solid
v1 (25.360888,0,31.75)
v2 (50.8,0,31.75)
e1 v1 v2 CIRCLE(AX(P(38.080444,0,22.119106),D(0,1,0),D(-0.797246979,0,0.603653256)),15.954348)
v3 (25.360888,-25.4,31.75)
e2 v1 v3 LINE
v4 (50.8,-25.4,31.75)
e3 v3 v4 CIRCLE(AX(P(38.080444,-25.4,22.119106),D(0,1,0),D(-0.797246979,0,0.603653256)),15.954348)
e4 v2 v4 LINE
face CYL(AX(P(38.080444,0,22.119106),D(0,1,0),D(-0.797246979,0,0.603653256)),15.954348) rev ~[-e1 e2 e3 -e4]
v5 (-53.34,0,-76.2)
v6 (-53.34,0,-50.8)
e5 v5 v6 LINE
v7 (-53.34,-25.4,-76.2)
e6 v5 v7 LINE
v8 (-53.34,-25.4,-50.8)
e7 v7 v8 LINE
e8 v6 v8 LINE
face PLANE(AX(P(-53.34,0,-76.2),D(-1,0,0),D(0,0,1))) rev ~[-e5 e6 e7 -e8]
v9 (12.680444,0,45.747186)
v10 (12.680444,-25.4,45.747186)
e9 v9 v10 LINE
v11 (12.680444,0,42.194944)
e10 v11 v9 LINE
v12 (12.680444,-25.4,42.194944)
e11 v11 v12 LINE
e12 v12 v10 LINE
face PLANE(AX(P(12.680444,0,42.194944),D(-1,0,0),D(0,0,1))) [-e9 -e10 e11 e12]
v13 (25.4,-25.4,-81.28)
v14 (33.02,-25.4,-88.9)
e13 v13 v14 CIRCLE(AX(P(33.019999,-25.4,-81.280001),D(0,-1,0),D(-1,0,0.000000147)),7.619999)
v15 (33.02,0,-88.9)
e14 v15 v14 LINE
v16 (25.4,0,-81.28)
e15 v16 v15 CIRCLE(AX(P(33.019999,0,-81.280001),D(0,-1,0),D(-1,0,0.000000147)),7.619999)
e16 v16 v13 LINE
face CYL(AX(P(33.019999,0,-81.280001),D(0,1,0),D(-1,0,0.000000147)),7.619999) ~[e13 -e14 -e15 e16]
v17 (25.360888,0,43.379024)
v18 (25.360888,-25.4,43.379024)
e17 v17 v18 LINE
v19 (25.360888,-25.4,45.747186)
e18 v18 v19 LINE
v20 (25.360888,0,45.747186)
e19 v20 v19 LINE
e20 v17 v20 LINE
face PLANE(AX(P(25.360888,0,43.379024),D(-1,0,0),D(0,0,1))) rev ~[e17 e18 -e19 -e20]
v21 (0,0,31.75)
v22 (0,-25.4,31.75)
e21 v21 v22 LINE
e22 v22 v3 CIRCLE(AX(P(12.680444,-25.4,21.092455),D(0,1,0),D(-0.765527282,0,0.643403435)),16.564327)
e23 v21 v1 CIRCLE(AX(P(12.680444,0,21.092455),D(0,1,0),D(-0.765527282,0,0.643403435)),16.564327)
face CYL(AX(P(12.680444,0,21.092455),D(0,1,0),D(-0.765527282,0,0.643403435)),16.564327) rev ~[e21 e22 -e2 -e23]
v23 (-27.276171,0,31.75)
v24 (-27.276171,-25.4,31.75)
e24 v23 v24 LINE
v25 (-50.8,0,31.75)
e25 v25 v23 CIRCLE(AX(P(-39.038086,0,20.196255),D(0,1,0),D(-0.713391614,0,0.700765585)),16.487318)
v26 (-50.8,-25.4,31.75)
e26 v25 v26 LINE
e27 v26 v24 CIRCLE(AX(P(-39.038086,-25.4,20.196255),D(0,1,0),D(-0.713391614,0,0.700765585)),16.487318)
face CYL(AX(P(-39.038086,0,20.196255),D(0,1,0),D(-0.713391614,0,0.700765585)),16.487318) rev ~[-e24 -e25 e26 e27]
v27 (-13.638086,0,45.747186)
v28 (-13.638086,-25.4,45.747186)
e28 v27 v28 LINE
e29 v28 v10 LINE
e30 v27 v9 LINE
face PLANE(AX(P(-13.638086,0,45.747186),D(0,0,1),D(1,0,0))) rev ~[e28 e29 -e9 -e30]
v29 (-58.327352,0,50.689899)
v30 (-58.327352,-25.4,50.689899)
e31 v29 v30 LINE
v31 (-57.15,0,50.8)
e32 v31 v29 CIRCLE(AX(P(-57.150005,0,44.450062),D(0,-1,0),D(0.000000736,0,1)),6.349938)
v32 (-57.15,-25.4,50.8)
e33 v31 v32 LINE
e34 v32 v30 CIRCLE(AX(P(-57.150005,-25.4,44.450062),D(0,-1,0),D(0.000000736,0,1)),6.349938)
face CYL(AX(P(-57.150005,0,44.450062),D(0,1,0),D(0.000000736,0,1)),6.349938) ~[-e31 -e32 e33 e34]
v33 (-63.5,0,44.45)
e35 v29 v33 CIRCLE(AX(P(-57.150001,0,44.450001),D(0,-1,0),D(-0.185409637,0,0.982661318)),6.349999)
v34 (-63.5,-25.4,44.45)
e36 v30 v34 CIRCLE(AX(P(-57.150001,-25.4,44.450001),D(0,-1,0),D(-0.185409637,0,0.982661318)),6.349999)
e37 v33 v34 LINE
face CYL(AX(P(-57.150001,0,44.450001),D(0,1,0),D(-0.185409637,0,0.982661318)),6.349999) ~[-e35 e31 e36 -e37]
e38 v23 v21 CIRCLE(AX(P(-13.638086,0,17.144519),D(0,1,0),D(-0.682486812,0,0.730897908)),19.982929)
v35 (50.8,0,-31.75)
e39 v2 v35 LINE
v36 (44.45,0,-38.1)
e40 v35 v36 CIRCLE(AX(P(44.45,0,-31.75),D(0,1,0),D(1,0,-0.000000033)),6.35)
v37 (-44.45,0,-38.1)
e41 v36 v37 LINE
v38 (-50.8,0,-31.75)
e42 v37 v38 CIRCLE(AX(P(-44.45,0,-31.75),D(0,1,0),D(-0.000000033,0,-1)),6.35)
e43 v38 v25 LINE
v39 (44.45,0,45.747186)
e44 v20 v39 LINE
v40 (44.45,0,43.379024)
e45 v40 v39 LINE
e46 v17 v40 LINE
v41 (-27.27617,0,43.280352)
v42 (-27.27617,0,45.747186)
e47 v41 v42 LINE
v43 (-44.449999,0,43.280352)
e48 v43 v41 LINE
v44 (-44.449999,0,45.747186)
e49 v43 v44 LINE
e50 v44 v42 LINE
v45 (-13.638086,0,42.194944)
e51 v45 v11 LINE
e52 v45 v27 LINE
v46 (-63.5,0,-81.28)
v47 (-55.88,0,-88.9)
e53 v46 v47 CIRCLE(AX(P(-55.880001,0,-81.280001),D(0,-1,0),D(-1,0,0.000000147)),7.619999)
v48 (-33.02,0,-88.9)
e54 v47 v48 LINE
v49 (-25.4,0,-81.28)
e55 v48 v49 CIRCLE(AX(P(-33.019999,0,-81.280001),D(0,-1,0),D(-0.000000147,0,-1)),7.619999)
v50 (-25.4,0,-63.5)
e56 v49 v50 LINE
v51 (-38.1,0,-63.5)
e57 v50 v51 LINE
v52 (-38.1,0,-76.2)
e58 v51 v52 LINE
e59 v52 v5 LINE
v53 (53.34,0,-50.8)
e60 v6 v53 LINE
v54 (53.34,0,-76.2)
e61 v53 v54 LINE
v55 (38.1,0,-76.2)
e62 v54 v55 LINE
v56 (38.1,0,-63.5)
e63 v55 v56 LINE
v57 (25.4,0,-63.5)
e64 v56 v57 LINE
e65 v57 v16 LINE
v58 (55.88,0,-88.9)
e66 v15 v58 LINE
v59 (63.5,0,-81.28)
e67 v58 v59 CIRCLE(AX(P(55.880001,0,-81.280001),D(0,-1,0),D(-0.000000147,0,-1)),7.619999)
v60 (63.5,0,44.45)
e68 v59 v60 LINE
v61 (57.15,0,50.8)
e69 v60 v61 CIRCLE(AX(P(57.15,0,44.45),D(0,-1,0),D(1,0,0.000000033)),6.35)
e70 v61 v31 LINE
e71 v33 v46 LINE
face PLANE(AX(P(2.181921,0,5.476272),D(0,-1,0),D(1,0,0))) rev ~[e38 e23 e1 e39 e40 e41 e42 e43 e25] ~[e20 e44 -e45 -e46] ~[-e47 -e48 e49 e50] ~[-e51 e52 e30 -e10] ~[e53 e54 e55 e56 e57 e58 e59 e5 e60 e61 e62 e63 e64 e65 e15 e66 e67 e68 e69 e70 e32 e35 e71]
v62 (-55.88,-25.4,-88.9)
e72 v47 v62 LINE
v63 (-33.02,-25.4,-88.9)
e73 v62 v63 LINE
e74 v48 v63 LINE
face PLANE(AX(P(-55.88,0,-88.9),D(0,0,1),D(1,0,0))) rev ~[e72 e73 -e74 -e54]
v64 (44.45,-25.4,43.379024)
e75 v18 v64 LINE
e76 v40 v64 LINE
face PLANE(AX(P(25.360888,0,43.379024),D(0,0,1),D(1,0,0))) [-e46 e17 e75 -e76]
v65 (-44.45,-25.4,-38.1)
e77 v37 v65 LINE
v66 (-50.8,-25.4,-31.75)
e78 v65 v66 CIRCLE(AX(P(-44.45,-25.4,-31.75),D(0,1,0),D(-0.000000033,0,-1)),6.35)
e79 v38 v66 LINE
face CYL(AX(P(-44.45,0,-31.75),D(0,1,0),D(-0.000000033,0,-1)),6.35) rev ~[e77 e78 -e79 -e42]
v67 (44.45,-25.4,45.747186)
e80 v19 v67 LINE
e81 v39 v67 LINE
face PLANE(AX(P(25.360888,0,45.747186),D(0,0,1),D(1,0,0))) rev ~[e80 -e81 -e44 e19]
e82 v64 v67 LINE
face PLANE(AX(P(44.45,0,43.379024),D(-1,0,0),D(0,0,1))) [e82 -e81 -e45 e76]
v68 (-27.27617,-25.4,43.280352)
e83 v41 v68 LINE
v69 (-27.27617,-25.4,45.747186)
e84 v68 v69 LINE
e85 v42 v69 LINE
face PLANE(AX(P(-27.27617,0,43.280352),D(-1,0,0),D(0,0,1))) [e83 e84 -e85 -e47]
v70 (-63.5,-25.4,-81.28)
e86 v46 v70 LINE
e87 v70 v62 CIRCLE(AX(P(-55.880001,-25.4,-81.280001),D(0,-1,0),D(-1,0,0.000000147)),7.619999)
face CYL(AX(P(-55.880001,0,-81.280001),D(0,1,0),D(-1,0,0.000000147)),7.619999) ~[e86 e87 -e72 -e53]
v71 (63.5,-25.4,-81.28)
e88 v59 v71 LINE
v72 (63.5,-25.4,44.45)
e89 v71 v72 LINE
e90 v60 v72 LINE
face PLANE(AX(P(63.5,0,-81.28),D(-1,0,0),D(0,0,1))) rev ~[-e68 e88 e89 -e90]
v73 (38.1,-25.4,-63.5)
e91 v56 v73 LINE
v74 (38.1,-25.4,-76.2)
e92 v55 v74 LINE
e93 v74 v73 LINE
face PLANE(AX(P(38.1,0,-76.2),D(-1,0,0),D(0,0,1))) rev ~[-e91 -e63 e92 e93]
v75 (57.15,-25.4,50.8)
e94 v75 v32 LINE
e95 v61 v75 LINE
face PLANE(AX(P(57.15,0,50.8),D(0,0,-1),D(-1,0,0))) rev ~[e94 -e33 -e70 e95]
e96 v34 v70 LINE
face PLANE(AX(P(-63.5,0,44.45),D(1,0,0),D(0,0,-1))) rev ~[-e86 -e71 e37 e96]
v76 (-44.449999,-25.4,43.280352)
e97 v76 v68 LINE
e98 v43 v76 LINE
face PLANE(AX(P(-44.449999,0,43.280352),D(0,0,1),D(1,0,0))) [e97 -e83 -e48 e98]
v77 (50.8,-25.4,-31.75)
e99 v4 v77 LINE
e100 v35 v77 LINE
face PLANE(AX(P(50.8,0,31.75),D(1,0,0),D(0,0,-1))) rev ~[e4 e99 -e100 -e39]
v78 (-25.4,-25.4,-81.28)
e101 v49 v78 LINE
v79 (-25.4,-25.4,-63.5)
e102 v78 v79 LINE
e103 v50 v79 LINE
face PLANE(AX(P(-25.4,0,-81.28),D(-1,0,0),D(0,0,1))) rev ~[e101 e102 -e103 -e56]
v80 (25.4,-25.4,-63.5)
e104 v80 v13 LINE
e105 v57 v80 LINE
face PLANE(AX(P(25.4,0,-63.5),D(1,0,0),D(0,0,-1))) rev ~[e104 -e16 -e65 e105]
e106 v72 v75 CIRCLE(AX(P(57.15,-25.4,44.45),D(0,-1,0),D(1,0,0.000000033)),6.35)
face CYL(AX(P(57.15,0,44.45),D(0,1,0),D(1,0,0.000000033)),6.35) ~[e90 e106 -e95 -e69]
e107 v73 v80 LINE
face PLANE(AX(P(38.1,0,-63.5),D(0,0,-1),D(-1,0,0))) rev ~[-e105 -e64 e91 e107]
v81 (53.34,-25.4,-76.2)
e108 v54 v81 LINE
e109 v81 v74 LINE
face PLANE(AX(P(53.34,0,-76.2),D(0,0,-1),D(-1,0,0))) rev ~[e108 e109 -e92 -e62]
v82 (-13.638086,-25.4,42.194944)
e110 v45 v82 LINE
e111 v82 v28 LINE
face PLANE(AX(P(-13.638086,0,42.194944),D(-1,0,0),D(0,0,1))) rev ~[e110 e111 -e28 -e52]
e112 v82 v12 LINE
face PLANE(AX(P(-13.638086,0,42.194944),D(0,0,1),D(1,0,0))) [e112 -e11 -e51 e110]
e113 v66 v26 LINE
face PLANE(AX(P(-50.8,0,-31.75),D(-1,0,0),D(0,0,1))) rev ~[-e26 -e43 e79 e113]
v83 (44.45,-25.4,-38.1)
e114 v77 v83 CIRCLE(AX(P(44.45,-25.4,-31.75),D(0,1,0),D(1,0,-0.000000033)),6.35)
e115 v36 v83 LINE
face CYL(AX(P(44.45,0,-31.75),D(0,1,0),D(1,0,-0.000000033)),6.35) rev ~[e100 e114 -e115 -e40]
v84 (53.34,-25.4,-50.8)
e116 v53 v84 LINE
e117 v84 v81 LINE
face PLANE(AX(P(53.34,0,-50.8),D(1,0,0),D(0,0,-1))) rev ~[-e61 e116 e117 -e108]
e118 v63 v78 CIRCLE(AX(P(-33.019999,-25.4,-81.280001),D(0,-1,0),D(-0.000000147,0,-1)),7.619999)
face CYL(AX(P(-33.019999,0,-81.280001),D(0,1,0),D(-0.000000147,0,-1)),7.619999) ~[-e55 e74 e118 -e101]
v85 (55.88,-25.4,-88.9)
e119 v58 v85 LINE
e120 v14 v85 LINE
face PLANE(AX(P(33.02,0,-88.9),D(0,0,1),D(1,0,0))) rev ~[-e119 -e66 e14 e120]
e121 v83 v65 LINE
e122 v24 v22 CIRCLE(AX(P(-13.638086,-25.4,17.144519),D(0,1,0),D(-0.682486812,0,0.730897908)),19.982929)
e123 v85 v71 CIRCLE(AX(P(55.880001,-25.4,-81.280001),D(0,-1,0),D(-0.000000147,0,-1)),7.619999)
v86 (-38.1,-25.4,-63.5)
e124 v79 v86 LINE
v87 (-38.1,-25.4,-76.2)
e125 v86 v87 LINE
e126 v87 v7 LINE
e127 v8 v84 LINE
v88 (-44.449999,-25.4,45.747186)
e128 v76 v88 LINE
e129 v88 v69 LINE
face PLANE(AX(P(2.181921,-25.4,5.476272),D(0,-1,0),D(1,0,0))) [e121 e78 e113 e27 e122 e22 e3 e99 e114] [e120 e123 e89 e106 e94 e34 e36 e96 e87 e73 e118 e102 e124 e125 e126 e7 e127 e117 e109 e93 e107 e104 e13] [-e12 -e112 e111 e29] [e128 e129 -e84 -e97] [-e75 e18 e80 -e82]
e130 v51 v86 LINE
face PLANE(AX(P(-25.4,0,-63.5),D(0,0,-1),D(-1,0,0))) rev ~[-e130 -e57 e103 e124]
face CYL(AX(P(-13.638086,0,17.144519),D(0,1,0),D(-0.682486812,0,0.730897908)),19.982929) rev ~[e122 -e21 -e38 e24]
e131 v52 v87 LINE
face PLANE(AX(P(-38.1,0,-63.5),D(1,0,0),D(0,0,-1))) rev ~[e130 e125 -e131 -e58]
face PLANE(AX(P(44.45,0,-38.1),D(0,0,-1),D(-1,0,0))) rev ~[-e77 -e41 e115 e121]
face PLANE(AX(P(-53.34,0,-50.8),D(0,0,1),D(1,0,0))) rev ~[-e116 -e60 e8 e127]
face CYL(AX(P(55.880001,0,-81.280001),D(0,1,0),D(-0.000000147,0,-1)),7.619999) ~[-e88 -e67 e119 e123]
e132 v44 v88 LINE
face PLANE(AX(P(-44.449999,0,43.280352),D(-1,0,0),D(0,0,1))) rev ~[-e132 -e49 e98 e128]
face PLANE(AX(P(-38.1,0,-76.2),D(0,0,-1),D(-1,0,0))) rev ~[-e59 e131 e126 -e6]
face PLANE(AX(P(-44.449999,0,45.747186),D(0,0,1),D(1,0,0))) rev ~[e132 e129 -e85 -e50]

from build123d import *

# Parameters (mm, degrees)
F0_W     = 17.173829
F0_H     = 2.466835
F0_W_2   = 26.31853
F0_H_2   = 3.552243
F0_W_3   = 19.089112
F0_H_3   = 2.368163
F1_DEPTH = 25.4


with BuildPart() as f1:
    # F0 (on Front) → F1 (new body)
    with BuildSketch(Plane.XZ):
        with BuildLine():
            ThreePointArc((63.5, 44.45), (61.640128, 48.940128), (57.15, 50.8))
            Line((57.15, 50.8), (-57.15, 50.8))
            ThreePointArc((-57.15, 50.8), (-57.741245, 50.772415), (-58.327352, 50.689899))
            Line((-58.327352, 50.689899), (-58.327352, -39.201133))
            Line((-58.327352, -39.201133), (63.5, -39.201133))
            Line((63.5, -39.201133), (63.5, 44.45))
        make_face()
        with Locations((-35.863085, 44.513769)):
            Rectangle(F0_W, F0_H, mode=Mode.SUBTRACT)
        with Locations((-0.478821, 43.971065)):
            Rectangle(F0_W_2, F0_H_2, mode=Mode.SUBTRACT)
        with BuildLine():
            Line((-44.45, 38.1), (44.45, 38.1))
            ThreePointArc((44.45, 38.1), (48.940128, 36.240128), (50.8, 31.75))
            Line((50.8, 31.75), (50.8, -31.75))
            ThreePointArc((50.8, -31.75), (48.940128, -36.240128), (44.45, -38.1))
            Line((44.45, -38.1), (-44.45, -38.1))
            ThreePointArc((-44.45, -38.1), (-48.940128, -36.240128), (-50.8, -31.75))
            Line((-50.8, -31.75), (-50.8, 31.75))
            ThreePointArc((-50.8, 31.75), (-48.940128, 36.240128), (-44.45, 38.1))
        make_face(mode=Mode.SUBTRACT)
        with Locations((34.905444, 44.563105)):
            Rectangle(F0_W_3, F0_H_3, mode=Mode.SUBTRACT)
        with BuildLine():
            Line((-58.327352, -39.201133), (-58.327352, 50.689899))
            ThreePointArc((-58.327352, 50.689899), (-62.038696, 48.502549), (-63.5, 44.45))
            Line((-63.5, 44.45), (-63.5, -50.8))
            Line((-63.5, -50.8), (-58.327352, -39.201133))
        make_face()
        Polygon((63.5, -50.8), (63.5, -39.201133), (-58.327352, -39.201133), (-63.5, -50.8), (-53.34, -50.8), (53.34, -50.8), align=None)
        with BuildLine():
            Line((63.5, -81.28), (63.5, -50.8))
            Line((63.5, -50.8), (53.34, -50.8))
            Line((53.34, -50.8), (53.34, -76.2))
            Line((53.34, -76.2), (38.1, -76.2))
            Line((38.1, -76.2), (38.1, -63.5))
            Line((38.1, -63.5), (25.4, -63.5))
            Line((25.4, -63.5), (25.4, -81.28))
            ThreePointArc((25.4, -81.28), (27.631846, -86.668154), (33.02, -88.9))
            Line((33.02, -88.9), (55.88, -88.9))
            ThreePointArc((55.88, -88.9), (61.268154, -86.668154), (63.5, -81.28))
        make_face()
        with BuildLine():
            Line((-53.34, -50.8), (-63.5, -50.8))
            Line((-63.5, -50.8), (-63.5, -81.28))
            ThreePointArc((-63.5, -81.28), (-61.268154, -86.668154), (-55.88, -88.9))
            Line((-55.88, -88.9), (-33.02, -88.9))
            ThreePointArc((-33.02, -88.9), (-27.631846, -86.668154), (-25.4, -81.28))
            Line((-25.4, -81.28), (-25.4, -63.5))
            Line((-25.4, -63.5), (-38.1, -63.5))
            Line((-38.1, -63.5), (-38.1, -76.2))
            Line((-38.1, -76.2), (-53.34, -76.2))
            Line((-53.34, -76.2), (-53.34, -50.8))
        make_face()
        with BuildLine():
            ThreePointArc((50.8, 31.75), (48.940128, 36.240128), (44.45, 38.1))
            Line((44.45, 38.1), (-44.45, 38.1))
            ThreePointArc((-44.45, 38.1), (-48.940128, 36.240128), (-50.8, 31.75))
            ThreePointArc((-50.8, 31.75), (-39.038086, 36.683573), (-27.276171, 31.75))
            ThreePointArc((-27.276171, 31.75), (-13.638086, 37.127448), (0, 31.75))
            ThreePointArc((0, 31.75), (12.680444, 37.656782), (25.360888, 31.75))
            ThreePointArc((25.360888, 31.75), (38.080444, 38.073454), (50.8, 31.75))
        make_face()
    extrude(amount=F1_DEPTH)


solid = f1.part
